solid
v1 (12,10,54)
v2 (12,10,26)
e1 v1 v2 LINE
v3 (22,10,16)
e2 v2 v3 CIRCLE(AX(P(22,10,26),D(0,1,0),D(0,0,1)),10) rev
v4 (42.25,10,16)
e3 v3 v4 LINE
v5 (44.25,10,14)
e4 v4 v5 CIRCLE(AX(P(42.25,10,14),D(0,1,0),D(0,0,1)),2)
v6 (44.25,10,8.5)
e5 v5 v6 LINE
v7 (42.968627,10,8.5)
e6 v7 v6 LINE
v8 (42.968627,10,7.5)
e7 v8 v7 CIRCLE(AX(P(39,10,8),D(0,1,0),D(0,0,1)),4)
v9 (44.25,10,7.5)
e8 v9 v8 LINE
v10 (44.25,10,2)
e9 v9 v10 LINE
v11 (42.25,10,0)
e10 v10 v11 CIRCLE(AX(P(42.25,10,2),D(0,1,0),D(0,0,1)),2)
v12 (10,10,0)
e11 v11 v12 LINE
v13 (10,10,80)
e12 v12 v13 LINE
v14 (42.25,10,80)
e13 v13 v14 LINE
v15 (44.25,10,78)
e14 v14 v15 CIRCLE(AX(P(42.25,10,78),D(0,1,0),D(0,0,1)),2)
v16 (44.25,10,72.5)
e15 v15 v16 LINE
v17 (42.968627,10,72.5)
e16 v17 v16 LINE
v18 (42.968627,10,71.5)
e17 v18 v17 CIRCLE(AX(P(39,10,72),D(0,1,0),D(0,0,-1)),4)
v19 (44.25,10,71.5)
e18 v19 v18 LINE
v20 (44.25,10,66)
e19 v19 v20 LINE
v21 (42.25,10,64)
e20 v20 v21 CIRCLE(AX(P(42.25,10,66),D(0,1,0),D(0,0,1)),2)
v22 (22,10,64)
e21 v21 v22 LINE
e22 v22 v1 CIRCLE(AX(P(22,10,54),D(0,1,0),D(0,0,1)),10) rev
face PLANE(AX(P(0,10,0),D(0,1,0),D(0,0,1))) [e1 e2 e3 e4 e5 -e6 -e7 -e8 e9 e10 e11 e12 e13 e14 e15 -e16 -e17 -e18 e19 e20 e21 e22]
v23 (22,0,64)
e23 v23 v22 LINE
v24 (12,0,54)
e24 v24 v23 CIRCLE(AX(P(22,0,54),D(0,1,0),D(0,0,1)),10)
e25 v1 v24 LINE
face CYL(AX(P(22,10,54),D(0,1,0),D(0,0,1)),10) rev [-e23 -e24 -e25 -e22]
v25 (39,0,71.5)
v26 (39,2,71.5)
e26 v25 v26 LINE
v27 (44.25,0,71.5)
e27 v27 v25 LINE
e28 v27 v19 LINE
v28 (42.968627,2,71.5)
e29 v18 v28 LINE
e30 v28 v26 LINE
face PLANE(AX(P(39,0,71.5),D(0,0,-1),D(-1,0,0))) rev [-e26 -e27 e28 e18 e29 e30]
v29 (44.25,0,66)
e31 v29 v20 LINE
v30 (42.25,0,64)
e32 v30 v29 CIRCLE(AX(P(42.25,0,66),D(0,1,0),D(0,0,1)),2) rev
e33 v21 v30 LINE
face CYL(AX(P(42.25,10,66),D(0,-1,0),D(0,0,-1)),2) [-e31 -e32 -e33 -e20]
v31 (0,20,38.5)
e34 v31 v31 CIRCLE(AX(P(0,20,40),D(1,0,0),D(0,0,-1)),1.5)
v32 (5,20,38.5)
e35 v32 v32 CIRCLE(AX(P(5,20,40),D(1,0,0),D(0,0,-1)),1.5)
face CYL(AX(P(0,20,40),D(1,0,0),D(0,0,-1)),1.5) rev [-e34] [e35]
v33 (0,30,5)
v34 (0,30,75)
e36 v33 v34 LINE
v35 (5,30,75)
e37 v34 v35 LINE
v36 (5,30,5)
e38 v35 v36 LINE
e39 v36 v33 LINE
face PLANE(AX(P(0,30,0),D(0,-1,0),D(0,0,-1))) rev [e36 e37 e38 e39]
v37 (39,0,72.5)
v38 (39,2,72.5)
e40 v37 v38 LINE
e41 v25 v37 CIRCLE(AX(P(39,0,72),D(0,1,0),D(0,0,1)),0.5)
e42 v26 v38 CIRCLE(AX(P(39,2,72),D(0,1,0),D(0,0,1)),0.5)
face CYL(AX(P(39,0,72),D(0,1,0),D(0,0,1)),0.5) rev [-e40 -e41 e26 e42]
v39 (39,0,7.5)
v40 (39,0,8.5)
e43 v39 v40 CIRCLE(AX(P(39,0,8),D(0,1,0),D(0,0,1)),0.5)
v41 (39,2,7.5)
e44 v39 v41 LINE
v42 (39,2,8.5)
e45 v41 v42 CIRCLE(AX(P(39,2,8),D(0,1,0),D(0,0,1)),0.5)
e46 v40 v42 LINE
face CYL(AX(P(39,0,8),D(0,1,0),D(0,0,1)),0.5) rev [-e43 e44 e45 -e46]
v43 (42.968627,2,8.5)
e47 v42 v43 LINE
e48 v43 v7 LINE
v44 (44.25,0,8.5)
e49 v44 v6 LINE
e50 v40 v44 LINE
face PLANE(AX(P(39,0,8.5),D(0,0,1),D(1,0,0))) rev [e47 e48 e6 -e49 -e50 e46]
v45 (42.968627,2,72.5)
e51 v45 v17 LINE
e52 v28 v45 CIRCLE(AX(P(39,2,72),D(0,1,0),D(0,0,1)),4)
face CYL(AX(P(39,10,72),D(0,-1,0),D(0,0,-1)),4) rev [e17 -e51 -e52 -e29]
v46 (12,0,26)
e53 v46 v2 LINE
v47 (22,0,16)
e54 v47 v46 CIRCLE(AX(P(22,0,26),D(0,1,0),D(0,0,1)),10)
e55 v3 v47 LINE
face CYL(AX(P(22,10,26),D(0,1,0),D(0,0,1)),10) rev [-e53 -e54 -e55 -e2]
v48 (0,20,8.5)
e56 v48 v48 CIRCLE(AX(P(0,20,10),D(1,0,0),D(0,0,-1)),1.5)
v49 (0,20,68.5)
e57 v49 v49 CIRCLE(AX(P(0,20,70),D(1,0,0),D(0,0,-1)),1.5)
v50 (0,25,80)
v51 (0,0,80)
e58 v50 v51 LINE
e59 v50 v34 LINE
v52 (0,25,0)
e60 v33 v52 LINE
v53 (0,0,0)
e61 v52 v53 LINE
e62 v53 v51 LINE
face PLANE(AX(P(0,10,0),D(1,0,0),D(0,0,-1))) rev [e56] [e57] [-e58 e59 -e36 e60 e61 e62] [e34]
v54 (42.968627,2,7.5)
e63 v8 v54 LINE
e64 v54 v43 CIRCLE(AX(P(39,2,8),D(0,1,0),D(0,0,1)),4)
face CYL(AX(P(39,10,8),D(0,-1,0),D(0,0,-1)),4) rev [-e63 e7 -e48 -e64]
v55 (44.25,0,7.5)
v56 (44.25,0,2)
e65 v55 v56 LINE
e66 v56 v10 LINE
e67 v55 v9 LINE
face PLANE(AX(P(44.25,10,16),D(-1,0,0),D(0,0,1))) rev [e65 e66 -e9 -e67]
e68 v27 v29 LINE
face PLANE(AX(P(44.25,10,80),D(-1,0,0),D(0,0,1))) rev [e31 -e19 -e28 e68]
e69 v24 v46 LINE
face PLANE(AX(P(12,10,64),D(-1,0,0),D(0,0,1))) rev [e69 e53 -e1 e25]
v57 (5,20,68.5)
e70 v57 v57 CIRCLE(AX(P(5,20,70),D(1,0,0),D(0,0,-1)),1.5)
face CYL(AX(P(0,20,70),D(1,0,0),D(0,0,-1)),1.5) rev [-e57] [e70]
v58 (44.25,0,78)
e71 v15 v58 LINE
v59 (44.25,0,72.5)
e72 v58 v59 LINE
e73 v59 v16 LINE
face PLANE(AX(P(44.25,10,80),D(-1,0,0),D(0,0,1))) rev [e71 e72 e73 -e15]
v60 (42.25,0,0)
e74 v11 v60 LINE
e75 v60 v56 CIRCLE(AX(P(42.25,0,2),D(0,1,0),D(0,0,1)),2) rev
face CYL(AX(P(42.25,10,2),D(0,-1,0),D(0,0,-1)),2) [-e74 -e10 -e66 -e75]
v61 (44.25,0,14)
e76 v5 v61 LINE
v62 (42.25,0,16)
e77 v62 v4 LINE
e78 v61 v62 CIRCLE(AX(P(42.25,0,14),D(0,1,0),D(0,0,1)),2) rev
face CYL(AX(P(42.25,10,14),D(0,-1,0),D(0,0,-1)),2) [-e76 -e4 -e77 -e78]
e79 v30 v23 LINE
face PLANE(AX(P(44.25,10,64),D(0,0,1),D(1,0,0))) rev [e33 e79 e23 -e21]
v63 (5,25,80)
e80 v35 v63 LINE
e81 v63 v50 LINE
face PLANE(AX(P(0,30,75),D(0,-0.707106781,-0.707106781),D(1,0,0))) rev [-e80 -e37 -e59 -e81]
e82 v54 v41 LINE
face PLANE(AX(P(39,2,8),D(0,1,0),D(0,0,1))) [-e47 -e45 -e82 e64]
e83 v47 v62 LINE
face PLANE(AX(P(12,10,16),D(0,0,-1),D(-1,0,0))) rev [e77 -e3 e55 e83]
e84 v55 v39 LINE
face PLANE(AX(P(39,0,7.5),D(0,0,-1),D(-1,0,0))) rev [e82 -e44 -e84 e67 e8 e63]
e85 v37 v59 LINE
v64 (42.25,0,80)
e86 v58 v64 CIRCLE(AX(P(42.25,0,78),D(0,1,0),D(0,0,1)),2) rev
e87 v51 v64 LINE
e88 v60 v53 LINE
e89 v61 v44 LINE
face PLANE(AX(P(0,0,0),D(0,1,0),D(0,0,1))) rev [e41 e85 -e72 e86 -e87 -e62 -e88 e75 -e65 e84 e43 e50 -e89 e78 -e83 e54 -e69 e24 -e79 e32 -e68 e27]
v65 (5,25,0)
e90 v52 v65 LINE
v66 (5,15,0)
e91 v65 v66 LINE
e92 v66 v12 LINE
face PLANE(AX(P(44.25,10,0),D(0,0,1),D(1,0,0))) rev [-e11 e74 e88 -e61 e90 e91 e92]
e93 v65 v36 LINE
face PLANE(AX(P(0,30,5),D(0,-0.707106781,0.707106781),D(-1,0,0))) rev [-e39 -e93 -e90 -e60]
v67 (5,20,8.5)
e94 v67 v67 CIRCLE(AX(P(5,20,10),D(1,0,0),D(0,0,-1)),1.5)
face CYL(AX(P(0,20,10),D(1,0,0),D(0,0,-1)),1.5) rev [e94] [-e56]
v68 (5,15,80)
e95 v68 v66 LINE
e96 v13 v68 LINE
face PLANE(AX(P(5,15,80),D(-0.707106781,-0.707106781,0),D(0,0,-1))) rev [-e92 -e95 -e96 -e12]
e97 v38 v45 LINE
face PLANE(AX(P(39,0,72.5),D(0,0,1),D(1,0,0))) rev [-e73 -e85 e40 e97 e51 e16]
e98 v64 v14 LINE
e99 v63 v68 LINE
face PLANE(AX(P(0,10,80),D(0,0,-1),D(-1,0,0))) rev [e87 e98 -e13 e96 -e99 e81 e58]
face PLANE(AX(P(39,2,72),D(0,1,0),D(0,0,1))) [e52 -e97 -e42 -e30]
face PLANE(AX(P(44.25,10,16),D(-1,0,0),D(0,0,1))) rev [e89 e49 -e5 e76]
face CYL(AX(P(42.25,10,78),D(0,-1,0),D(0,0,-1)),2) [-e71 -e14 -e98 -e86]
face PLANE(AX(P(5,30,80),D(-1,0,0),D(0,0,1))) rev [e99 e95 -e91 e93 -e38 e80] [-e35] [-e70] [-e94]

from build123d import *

# Parameters (mm, degrees)
SKETCH1_R           = 4
BOSS_EXTRUDE1_DEPTH = 10
SKETCH2_W           = 5
SKETCH2_H           = 80
BOSS_EXTRUDE2_DEPTH = 20
BOSS_EXTRUDE3_START = -10
SKETCH5_R           = 4
BOSS_EXTRUDE3_DEPTH = 2
SKETCH3_R           = 1.5
CUT_EXTRUDE1_DEPTH  = 95.024265485
CUT_EXTRUDE2_DEPTH  = 94.584520622
CHAMFER2_SIZE       = 5
FILLET1_R           = 2
FILLET2_R           = 10
CHAMFER1_SIZE       = 5


with BuildPart() as part:
    # Sketch1 → Boss-Extrude1 (new body)
    with BuildSketch(Plane(origin=(0, 0, 0), x_dir=(1, 0, 0), z_dir=(0, 1, 0))):
        Polygon((0, 0), (0, -80), (44.25, -80), (44.25, -64), (12, -64), (12, -16), (44.25, -16), (44.25, 0), align=None)
        with Locations(Location((39, -8, 0), (0, 0, 270))):
            Circle(SKETCH1_R, mode=Mode.SUBTRACT)
        with Locations(Location((39, -72, 0), (0, 0, 90))):
            Circle(SKETCH1_R, mode=Mode.SUBTRACT)
    extrude(amount=BOSS_EXTRUDE1_DEPTH)

    # Sketch2 → Boss-Extrude2 (add)
    with BuildSketch(Plane(origin=(0, 10, 0), x_dir=(1, 0, 0), z_dir=(0, 1, 0))):
        with Locations((2.5, -40)):
            Rectangle(SKETCH2_W, SKETCH2_H)
    extrude(amount=BOSS_EXTRUDE2_DEPTH)

    # Sketch5 → Boss-Extrude3 (add)
    with BuildSketch(Plane(origin=(0, 10, 0), x_dir=(1, 0, 0), z_dir=(0, 1, 0)).offset(BOSS_EXTRUDE3_START)):
        with Locations(Location((39, -72, 0), (0, 0, 90))):
            Circle(SKETCH5_R)
        with Locations(Location((39, -8, 0), (0, 0, 270))):
            Circle(SKETCH5_R)
    extrude(amount=BOSS_EXTRUDE3_DEPTH)

    # Sketch3 → Cut-Extrude1 (cut, through all)
    with BuildSketch(Plane(origin=(5, 0, 0), x_dir=(0, 0, -1), z_dir=(1, 0, 0))):
        with Locations((-70, 20)):
            Circle(SKETCH3_R)
        with Locations((-40, 20)):
            Circle(SKETCH3_R)
        with Locations((-10, 20)):
            Circle(SKETCH3_R)
    extrude(amount=-CUT_EXTRUDE1_DEPTH, mode=Mode.SUBTRACT)

    # Sketch4 → Cut-Extrude2 (cut, through all)
    with BuildSketch(Plane(origin=(0, 10, 0), x_dir=(1, 0, 0), z_dir=(0, 1, 0))):
        with BuildLine():
            Line((39, -7.5), (44.25, -7.5))
            ThreePointArc((44.25, -7.5), (44.75, -8), (44.25, -8.5))
            Line((44.25, -8.5), (39, -8.5))
            ThreePointArc((39, -8.5), (38.5, -8), (39, -7.5))
        make_face()
        with BuildLine():
            Line((39, -71.5), (44.25, -71.5))
            ThreePointArc((44.25, -71.5), (44.75, -72), (44.25, -72.5))
            Line((44.25, -72.5), (39, -72.5))
            ThreePointArc((39, -72.5), (38.5, -72), (39, -71.5))
        make_face()
    extrude(amount=-CUT_EXTRUDE2_DEPTH, mode=Mode.SUBTRACT)

    # Chamfer2
    chamfer2_edges = [part.edges().sort_by_distance(p)[0] for p in [
        (5, 10, 40),
    ]]
    chamfer(chamfer2_edges, length=CHAMFER2_SIZE)

    # Fillet1
    fillet1_edges = [part.edges().sort_by_distance(p)[0] for p in [
        (44.25, 5, 0),
        (44.25, 5, 16),
        (44.25, 5, 64),
        (44.25, 5, 80),
    ]]
    fillet(fillet1_edges, radius=FILLET1_R)

    # Fillet2
    fillet2_edges = [part.edges().sort_by_distance(p)[0] for p in [
        (12, 5, 16),
        (12, 5, 64),
    ]]
    fillet(fillet2_edges, radius=FILLET2_R)

    # Chamfer1
    chamfer1_edges = [part.edges().sort_by_distance(p)[0] for p in [
        (2.5, 30, 80),
        (2.5, 30, 0),
    ]]
    chamfer(chamfer1_edges, length=CHAMFER1_SIZE)


solid = part.part
